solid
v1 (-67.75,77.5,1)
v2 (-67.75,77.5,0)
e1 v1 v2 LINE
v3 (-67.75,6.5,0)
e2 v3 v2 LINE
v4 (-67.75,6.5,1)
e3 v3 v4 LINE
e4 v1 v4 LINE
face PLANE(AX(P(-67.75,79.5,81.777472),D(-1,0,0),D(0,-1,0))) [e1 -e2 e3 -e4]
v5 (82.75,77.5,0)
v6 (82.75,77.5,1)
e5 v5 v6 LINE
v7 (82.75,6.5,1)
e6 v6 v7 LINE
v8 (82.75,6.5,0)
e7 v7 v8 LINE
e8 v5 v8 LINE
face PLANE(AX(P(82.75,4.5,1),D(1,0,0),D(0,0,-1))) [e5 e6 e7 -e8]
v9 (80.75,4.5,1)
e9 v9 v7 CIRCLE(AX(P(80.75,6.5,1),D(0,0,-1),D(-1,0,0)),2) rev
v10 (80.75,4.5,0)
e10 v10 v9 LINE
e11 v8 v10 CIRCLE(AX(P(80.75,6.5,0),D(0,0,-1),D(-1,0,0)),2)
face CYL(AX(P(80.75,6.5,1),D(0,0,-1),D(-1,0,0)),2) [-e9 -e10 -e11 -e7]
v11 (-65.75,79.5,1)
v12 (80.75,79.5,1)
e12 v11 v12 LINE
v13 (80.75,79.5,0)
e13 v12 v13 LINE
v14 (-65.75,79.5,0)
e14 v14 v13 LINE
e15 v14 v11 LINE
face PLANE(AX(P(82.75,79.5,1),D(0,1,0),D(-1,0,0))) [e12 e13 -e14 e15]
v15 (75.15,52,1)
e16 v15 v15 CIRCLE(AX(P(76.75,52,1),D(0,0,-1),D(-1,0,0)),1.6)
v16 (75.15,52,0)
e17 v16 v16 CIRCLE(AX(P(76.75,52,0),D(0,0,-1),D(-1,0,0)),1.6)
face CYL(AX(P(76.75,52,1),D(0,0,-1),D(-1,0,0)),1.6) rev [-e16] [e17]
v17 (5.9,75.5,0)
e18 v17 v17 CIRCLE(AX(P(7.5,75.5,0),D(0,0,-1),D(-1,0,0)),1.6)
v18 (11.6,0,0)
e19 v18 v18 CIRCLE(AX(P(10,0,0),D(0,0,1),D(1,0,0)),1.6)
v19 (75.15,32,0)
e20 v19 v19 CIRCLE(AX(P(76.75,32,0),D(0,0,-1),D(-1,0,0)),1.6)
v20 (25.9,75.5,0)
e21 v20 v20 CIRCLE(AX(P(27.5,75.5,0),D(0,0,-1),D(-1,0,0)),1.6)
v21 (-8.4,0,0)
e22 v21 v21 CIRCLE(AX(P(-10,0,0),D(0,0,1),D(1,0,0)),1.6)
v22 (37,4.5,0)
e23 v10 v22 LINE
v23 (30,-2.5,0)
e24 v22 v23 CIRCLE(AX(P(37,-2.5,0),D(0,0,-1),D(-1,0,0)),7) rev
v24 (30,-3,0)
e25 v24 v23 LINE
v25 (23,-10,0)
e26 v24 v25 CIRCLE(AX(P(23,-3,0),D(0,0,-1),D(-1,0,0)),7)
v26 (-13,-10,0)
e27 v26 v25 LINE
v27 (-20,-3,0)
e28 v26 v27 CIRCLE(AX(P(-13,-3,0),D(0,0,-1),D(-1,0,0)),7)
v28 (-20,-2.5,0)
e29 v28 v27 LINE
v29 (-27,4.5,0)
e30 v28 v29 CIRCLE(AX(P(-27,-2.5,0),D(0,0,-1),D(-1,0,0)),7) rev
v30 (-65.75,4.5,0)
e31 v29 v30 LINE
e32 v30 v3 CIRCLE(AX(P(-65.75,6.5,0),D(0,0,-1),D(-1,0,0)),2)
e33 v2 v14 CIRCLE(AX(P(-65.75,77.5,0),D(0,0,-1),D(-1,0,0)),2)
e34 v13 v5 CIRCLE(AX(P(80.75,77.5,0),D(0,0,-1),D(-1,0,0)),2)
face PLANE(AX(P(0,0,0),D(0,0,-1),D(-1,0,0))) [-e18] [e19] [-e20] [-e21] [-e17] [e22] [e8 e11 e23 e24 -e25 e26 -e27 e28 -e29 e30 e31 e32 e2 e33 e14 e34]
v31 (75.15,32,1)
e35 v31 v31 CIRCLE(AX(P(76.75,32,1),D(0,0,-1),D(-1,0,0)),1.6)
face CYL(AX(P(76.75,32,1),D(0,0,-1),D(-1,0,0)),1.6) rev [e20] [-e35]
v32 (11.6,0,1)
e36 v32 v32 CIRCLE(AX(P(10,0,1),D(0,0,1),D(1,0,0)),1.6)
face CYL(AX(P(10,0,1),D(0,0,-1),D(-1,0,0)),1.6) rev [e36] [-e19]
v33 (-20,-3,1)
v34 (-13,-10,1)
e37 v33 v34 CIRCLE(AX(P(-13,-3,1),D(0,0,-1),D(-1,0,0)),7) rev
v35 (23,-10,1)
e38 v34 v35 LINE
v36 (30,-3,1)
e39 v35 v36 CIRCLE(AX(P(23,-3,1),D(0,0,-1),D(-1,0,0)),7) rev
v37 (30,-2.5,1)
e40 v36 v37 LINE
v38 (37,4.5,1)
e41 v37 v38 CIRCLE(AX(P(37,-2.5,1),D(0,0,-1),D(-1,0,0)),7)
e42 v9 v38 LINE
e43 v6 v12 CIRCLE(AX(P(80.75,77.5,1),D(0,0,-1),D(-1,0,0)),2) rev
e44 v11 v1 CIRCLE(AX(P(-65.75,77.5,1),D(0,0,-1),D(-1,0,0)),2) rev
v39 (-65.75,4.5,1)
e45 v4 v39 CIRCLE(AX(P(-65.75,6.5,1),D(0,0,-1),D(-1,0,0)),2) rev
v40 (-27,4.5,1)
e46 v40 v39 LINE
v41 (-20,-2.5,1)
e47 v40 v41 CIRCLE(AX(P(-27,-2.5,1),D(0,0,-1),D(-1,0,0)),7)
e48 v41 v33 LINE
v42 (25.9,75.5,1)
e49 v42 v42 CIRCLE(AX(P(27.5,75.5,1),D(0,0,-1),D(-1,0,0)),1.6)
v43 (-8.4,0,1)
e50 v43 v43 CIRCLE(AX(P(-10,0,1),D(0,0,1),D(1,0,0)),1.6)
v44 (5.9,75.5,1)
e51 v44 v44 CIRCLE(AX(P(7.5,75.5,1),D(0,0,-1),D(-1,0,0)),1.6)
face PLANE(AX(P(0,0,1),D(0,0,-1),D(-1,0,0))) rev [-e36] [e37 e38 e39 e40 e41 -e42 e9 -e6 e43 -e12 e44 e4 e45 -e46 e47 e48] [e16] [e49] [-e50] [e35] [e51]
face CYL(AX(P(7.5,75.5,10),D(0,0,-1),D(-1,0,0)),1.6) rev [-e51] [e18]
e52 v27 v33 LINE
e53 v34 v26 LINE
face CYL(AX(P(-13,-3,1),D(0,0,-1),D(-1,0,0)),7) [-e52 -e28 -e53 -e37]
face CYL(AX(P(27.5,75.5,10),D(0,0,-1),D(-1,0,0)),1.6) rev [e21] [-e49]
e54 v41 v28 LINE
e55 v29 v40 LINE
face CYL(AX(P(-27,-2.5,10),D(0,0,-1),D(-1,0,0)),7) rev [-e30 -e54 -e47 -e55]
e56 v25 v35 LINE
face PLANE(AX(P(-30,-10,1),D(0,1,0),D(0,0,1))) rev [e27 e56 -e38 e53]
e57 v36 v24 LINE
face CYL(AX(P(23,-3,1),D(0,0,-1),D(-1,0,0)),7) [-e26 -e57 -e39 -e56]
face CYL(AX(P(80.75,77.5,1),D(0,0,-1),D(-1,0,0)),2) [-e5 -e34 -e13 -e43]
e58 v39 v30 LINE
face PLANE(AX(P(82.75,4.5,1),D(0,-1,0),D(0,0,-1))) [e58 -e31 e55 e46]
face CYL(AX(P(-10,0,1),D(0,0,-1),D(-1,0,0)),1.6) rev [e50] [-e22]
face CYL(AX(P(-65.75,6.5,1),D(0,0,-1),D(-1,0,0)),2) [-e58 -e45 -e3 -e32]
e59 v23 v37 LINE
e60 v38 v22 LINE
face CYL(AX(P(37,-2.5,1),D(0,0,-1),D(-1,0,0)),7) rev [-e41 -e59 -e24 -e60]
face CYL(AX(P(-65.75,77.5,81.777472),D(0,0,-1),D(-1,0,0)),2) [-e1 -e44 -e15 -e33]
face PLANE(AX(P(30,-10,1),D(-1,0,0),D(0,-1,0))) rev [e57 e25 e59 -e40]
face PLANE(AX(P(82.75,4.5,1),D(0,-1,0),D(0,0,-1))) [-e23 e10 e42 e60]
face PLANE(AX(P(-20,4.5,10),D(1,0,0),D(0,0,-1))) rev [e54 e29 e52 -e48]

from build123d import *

# Parameters (mm, degrees)
SKETCH_1_W          = 60
SKETCH_1_H          = 14.5
SKETCH_1_R          = 1.6
EXTRUDE_1_DEPTH     = 1
SKETCH_2_W          = 120.5
SKETCH_2_H          = 75
SKETCH_2_R          = 1.6
EXTRUDE_2_DEPTH     = 1
SKETCH_3_R          = 1.6
CUT_EXTRUDE_1_DEPTH = 10
SKETCH_4_W          = 30
SKETCH_4_H          = 75
EXTRUDE_3_DEPTH     = 1
FILLET_1_R          = 7
SKETCH_5_W          = 10
SKETCH_5_H          = 14.5
CUT_EXTRUDE_2_DEPTH = 10
FILLET_2_R          = 7
FILLET_3_R          = 2


with BuildPart() as part:
    # 草图1 → 凸台-拉伸1 (new body)
    with BuildSketch(Plane.XY):
        with Locations((0, -2.75)):
            Rectangle(SKETCH_1_W, SKETCH_1_H)
        with Locations((-10, 0)):
            Circle(SKETCH_1_R, mode=Mode.SUBTRACT)
        with Locations((10, 0)):
            Circle(SKETCH_1_R, mode=Mode.SUBTRACT)
    extrude(amount=EXTRUDE_1_DEPTH)

    # 草图2 → 凸台-拉伸2 (add)
    with BuildSketch(Plane(origin=(0, 0, 0), x_dir=(-1, 0, 0), z_dir=(0, 0, -1))):
        with Locations((-22.5, 42)):
            Rectangle(SKETCH_2_W, SKETCH_2_H)
        with Locations((-76.75, 52)):
            Circle(SKETCH_2_R, mode=Mode.SUBTRACT)
        with Locations((-76.75, 32)):
            Circle(SKETCH_2_R, mode=Mode.SUBTRACT)
    extrude(amount=-EXTRUDE_2_DEPTH)

    # 草图3 → 切除-拉伸1 (cut)
    with BuildSketch(Plane(origin=(0, 0, 0), x_dir=(-1, 0, 0), z_dir=(0, 0, -1))):
        with Locations((-27.5, 75.5)):
            Circle(SKETCH_3_R)
        with Locations((-7.5, 75.5)):
            Circle(SKETCH_3_R)
    extrude(amount=-CUT_EXTRUDE_1_DEPTH, mode=Mode.SUBTRACT)

    # 草图4 → 凸台-拉伸3 (add)
    with BuildSketch(Plane(origin=(0, 0, 0), x_dir=(-1, 0, 0), z_dir=(0, 0, -1))):
        with Locations((52.75, 42)):
            Rectangle(SKETCH_4_W, SKETCH_4_H)
    extrude(amount=-EXTRUDE_3_DEPTH)

    # 圆角1
    fillet_1_edges = [part.edges().sort_by_distance(p)[0] for p in [
        (30, -10, 0.5),
        (30, 4.5, 0.5),
    ]]
    fillet(fillet_1_edges, radius=FILLET_1_R)

    # 草图5 → 切除-拉伸2 (cut)
    with BuildSketch(Plane(origin=(0, 0, 0), x_dir=(-1, 0, 0), z_dir=(0, 0, -1))):
        with Locations((25, -2.75)):
            Rectangle(SKETCH_5_W, SKETCH_5_H)
    extrude(amount=-CUT_EXTRUDE_2_DEPTH, mode=Mode.SUBTRACT)

    # 圆角2
    fillet_2_edges = [part.edges().sort_by_distance(p)[0] for p in [
        (-20, -10, 0.5),
        (-20, 4.5, 0.5),
    ]]
    fillet(fillet_2_edges, radius=FILLET_2_R)

    # 圆角3
    fillet_3_edges = [part.edges().sort_by_distance(p)[0] for p in [
        (82.75, 4.5, 0.5),
        (82.75, 79.5, 0.5),
        (-67.75, 79.5, 0.5),
        (-67.75, 4.5, 0.5),
    ]]
    fillet(fillet_3_edges, radius=FILLET_3_R)


solid = part.part
